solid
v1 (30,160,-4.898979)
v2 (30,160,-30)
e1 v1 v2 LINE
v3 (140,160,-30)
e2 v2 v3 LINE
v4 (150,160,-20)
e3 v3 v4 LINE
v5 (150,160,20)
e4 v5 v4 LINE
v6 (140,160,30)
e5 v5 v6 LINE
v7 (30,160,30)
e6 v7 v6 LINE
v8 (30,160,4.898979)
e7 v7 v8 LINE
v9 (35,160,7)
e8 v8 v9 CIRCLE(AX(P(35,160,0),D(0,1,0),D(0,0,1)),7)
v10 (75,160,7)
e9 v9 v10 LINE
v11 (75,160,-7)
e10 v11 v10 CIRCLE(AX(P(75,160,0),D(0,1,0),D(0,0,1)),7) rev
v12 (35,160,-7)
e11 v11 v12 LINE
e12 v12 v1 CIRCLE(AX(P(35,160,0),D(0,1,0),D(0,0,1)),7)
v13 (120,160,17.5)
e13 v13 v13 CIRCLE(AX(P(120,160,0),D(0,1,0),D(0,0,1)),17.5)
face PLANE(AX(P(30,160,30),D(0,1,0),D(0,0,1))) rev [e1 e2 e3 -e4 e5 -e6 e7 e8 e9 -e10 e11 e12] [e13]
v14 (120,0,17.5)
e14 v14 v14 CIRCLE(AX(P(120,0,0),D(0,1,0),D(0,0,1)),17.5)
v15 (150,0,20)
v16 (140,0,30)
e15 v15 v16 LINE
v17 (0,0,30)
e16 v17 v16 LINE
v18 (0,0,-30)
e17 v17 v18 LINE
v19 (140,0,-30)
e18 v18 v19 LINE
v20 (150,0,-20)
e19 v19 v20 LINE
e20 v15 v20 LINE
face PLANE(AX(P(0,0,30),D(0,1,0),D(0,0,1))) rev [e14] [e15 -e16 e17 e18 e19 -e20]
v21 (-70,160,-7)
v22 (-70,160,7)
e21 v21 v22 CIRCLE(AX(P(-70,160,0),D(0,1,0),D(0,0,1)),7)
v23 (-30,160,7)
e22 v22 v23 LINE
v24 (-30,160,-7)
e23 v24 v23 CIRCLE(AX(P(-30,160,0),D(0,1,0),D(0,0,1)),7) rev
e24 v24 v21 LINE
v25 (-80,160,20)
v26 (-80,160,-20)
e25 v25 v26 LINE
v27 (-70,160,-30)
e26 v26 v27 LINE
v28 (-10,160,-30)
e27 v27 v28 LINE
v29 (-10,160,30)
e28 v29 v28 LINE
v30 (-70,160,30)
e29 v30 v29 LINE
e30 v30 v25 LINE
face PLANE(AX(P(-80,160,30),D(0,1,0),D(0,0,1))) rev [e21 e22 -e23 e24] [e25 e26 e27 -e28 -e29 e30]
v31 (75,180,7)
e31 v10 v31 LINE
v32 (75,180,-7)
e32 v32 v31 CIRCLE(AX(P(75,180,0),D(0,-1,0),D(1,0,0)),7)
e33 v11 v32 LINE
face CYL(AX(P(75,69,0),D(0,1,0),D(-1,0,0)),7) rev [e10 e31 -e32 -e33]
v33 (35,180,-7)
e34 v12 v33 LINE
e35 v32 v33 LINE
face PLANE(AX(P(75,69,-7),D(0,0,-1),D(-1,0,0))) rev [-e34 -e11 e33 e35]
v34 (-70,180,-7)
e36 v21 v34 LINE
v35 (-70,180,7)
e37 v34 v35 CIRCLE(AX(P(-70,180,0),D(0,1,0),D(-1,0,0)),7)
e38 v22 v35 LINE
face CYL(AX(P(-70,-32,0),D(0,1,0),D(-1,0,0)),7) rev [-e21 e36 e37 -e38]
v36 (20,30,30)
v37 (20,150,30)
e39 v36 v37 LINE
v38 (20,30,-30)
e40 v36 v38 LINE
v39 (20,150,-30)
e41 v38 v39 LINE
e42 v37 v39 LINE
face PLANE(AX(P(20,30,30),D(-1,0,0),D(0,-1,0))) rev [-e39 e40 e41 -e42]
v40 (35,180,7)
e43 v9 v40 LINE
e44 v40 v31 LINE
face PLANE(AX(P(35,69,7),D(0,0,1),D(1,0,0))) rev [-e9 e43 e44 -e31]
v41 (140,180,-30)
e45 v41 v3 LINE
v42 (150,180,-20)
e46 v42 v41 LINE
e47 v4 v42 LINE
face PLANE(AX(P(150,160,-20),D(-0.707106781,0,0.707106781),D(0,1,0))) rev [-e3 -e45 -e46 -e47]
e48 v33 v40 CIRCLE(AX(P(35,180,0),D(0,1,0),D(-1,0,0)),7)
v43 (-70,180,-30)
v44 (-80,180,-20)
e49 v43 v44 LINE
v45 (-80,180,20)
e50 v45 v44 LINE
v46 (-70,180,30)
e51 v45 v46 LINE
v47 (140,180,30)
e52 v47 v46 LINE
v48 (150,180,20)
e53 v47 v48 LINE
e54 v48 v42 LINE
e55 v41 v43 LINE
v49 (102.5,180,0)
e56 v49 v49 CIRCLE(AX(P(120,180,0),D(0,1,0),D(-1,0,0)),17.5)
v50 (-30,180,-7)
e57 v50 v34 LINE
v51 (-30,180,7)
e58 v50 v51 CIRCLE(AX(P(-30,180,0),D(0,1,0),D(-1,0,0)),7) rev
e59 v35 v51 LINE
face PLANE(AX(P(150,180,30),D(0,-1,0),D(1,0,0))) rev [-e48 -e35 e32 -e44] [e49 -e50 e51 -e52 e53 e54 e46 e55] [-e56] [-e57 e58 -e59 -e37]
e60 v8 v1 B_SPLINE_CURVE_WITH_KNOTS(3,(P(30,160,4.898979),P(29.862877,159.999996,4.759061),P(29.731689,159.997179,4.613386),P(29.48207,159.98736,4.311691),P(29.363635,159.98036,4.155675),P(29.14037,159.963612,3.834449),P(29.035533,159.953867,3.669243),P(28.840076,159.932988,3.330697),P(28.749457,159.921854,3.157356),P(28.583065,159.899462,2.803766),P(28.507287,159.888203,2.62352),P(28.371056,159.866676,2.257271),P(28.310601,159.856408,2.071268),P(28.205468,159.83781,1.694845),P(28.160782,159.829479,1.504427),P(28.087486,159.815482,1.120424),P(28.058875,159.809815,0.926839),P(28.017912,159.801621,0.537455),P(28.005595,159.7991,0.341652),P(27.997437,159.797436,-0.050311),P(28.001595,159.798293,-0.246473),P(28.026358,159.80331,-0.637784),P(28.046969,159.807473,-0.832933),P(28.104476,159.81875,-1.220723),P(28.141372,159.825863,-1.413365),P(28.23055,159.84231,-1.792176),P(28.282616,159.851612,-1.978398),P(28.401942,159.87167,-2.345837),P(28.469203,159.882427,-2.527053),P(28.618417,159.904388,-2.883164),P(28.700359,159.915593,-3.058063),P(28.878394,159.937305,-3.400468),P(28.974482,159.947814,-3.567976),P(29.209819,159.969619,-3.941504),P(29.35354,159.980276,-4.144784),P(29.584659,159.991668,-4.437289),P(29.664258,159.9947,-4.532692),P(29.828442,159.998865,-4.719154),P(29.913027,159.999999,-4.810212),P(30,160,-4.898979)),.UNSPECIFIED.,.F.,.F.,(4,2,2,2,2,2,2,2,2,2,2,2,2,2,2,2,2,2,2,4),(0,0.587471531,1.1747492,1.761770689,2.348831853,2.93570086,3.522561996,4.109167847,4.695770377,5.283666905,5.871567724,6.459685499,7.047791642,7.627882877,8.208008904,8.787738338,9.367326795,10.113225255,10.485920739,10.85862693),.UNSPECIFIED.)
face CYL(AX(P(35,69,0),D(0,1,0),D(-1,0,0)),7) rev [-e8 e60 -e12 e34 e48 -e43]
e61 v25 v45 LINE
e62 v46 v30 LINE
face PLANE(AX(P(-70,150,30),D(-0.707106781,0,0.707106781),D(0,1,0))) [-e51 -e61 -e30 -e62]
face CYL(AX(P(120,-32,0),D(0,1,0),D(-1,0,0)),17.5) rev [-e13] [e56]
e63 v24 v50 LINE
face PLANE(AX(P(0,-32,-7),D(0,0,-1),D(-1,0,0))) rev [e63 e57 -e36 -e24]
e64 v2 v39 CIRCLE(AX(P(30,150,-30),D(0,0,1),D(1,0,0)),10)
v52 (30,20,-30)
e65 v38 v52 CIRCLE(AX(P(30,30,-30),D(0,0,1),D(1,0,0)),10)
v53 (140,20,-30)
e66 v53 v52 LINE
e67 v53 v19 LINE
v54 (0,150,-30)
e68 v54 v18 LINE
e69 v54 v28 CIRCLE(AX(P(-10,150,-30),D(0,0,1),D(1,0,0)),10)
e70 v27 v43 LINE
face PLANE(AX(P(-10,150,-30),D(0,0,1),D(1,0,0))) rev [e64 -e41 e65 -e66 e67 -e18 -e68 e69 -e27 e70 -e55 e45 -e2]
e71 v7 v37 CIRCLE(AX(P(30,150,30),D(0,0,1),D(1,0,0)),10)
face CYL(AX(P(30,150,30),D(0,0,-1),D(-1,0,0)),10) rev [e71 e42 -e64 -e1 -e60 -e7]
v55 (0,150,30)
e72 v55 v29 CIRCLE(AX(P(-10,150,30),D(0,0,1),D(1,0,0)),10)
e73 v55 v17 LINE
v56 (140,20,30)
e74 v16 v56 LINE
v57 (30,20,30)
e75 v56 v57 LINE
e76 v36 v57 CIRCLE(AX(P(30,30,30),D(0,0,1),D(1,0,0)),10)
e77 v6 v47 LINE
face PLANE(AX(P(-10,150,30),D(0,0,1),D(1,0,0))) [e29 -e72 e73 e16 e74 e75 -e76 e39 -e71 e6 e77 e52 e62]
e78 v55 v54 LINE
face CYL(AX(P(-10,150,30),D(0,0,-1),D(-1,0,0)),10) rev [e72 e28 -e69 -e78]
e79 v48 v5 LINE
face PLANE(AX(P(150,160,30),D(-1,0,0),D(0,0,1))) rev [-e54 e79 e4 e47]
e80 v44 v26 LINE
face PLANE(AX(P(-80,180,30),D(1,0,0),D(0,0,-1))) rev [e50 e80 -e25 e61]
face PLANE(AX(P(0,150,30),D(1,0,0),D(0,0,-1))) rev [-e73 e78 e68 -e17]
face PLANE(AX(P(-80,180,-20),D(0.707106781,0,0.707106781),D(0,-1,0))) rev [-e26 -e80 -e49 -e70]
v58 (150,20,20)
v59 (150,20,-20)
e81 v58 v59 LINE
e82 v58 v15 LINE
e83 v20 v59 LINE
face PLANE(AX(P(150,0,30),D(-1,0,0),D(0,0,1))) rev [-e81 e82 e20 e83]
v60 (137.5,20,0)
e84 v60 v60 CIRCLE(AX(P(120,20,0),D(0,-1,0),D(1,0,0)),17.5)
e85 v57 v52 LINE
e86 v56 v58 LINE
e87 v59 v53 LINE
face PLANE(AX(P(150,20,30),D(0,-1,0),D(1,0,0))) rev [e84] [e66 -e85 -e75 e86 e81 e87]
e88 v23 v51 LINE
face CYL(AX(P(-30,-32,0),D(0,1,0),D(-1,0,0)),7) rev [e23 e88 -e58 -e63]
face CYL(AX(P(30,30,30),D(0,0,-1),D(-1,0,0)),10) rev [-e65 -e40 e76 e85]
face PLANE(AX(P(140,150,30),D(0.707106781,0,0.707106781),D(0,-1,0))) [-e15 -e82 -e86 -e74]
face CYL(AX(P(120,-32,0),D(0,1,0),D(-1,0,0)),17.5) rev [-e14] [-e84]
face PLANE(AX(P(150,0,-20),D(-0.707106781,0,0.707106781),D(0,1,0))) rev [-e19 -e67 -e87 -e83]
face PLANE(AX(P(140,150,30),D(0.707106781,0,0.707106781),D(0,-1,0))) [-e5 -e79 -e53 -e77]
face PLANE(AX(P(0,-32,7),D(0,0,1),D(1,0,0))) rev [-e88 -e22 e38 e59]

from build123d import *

# Parameters (mm, degrees)
BOSS_EXTRUDE1_DEPTH = 30
CHAMFER1_SIZE       = 10
CHAMFER2_SIZE       = 10
SKETCH2_R           = 17.5
CUT_EXTRUDE1_DEPTH  = 212
CUT_EXTRUDE2_DEPTH  = 111


with BuildPart() as part:
    # Sketch1 → Boss-Extrude1 (new, symmetric)
    with BuildSketch(Plane.XY):
        with BuildLine():
            Line((0, 150), (0, 0))
            Line((0, 0), (150, 0))
            Line((150, 0), (150, 20))
            Line((150, 20), (30, 20))
            ThreePointArc((30, 20), (22.928932188, 22.928932188), (20, 30))
            Line((20, 30), (20, 150))
            ThreePointArc((20, 150), (22.928932188, 157.071067812), (30, 160))
            Line((30, 160), (150, 160))
            Line((150, 160), (150, 180))
            Line((150, 180), (-80, 180))
            Line((-80, 180), (-80, 160))
            Line((-80, 160), (-10, 160))
            ThreePointArc((-10, 160), (-2.928932188, 157.071067812), (0, 150))
        make_face()
    extrude(amount=BOSS_EXTRUDE1_DEPTH, both=True)

    # Chamfer1
    chamfer1_edges = [part.edges().sort_by_distance(p)[0] for p in [
        (150, 170, 30),
    ]]
    chamfer(chamfer1_edges, length=CHAMFER1_SIZE)

    # Chamfer2
    chamfer2_edges = [part.edges().sort_by_distance(p)[0] for p in [
        (-80, 170, 30),
        (150, 10, -30),
        (150, 170, -30),
        (-80, 170, -30),
        (150, 10, 30),
    ]]
    chamfer(chamfer2_edges, length=CHAMFER2_SIZE)

    # Sketch2 → Cut-Extrude1 (cut)
    with BuildSketch(Plane(origin=(0, 180, 0), x_dir=(1, 0, 0), z_dir=(0, 1, 0))):
        with BuildLine():
            ThreePointArc((-30, 7), (-23, 0), (-30, -7))
            Line((-30, -7), (-70, -7))
            ThreePointArc((-70, -7), (-77, 0), (-70, 7))
            Line((-70, 7), (-30, 7))
        make_face()
        with Locations(Location((120, 0, 0), (0, 0, 180))):
            Circle(SKETCH2_R)
    extrude(amount=-CUT_EXTRUDE1_DEPTH, mode=Mode.SUBTRACT)

    # Sketch4 → Cut-Extrude2 (cut)
    with BuildSketch(Plane(origin=(0, 180, 0), x_dir=(1, 0, 0), z_dir=(0, 1, 0))):
        with BuildLine():
            Line((75, 7), (35, 7))
            ThreePointArc((35, 7), (28, 0), (35, -7))
            Line((35, -7), (75, -7))
            ThreePointArc((75, -7), (82, 0), (75, 7))
        make_face()
    extrude(amount=-CUT_EXTRUDE2_DEPTH, mode=Mode.SUBTRACT)


solid = part.part
